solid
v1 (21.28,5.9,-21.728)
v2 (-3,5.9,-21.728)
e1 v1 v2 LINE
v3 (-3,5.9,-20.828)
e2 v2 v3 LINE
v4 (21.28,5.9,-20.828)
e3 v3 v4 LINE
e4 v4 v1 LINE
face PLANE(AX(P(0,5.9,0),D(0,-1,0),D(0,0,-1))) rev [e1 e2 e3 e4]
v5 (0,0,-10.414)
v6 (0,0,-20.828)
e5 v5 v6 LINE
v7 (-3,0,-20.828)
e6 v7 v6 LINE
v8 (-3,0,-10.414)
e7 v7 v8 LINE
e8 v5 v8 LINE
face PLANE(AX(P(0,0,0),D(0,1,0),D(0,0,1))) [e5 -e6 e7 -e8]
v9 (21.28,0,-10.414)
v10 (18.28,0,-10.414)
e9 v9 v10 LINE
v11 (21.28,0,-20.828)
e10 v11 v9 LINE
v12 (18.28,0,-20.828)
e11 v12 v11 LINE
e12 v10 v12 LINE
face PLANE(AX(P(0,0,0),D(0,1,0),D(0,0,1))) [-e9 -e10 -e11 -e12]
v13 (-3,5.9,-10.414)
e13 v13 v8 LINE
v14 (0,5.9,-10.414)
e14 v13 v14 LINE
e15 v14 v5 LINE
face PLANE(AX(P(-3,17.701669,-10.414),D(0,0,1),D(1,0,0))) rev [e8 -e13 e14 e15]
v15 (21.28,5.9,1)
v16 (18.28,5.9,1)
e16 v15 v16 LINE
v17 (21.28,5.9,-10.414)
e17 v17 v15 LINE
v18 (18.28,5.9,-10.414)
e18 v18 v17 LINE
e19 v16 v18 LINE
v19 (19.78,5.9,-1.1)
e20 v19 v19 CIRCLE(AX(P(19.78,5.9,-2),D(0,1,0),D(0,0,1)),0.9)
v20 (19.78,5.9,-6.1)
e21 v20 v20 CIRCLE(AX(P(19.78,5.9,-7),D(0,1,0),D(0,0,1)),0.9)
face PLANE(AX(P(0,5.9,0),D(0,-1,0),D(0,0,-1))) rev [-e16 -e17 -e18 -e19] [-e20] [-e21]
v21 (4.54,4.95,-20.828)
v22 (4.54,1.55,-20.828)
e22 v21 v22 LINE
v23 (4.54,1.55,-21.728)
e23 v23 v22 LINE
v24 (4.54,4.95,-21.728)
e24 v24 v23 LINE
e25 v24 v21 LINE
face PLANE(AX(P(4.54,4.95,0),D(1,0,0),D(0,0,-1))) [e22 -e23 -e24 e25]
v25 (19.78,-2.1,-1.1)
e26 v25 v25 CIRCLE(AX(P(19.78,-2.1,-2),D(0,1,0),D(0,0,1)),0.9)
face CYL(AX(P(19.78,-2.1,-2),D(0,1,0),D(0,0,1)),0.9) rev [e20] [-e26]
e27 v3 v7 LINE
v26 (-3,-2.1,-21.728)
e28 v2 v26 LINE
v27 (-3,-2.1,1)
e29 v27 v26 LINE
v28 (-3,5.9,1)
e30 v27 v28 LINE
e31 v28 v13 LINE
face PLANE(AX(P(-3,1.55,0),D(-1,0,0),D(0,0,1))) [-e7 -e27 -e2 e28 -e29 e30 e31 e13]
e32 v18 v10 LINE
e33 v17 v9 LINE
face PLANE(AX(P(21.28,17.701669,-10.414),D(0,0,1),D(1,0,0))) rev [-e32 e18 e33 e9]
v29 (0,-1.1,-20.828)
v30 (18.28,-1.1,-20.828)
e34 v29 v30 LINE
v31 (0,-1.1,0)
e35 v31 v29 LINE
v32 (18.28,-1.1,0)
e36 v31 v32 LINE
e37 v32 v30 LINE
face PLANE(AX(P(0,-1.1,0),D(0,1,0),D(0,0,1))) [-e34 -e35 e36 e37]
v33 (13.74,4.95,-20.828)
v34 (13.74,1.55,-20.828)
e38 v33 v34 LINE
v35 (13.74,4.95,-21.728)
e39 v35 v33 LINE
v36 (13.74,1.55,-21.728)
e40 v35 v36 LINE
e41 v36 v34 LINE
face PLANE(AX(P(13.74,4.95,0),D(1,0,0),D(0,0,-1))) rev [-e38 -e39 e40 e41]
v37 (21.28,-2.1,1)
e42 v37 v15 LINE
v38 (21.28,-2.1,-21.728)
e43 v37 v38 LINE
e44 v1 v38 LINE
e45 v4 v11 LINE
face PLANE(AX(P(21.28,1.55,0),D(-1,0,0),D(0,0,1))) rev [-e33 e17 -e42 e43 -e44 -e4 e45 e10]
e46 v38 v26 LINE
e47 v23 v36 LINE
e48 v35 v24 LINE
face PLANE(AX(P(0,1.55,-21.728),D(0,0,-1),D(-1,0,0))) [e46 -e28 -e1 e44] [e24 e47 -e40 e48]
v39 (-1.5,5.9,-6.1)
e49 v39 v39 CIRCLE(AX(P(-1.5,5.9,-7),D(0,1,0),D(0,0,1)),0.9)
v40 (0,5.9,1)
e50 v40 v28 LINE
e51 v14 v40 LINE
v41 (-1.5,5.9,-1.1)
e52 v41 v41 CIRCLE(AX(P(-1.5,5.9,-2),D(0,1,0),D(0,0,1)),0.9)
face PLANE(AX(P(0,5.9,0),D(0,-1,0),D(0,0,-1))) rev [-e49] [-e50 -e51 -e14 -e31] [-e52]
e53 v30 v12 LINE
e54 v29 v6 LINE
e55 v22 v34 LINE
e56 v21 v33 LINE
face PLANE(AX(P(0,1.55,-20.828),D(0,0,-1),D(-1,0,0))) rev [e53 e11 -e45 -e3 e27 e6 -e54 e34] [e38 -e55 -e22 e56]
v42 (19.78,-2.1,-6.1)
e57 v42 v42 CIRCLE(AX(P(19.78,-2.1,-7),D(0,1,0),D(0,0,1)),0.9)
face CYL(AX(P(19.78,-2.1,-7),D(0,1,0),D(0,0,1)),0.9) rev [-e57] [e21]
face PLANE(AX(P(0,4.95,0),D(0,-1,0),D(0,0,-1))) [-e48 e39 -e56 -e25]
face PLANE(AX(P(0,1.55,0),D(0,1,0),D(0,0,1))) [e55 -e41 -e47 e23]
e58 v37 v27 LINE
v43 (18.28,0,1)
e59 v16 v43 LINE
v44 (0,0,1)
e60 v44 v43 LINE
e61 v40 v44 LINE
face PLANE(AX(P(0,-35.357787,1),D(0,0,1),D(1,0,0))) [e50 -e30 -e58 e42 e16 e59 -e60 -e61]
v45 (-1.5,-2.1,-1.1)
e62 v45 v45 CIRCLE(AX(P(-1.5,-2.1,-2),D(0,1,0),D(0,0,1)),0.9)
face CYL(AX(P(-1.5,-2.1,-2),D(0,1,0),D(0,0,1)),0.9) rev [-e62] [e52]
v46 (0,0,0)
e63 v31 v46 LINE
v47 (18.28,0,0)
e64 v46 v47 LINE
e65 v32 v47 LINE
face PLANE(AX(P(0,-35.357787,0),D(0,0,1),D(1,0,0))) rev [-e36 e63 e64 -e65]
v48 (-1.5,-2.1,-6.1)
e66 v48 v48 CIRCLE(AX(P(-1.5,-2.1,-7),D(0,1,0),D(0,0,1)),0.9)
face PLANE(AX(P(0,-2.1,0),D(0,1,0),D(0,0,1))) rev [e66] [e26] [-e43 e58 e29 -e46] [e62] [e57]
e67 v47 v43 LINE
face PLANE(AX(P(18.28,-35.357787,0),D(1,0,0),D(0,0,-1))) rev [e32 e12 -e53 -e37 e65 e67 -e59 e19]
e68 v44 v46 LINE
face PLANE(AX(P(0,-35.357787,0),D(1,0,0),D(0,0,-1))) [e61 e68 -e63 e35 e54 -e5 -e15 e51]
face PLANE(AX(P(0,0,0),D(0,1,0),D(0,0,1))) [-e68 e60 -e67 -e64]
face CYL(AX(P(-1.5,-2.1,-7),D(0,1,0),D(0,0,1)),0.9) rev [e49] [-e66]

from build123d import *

# Parameters (mm, degrees)
USB_LIP_DEPTH                       = 1.55
BASE_START                          = -1.1
SKETCH1_3_W                         = 18.28
SKETCH1_3_H                         = 20.828
BASE_W_1_1MM_COMPONENT_OFFSET_DEPTH = 1
SKETCH1_4_W                         = 3
SKETCH1_4_H                         = 20.828
SIDES_DEPTH                         = 2.1
SKETCH2_W                           = 7.54
SKETCH2_H                           = 0.9
USB_SIDES_DEPTH                     = 3.4
SKETCH3_W                           = 24.28
SKETCH3_H                           = 0.9
USB_TOP_DEPTH                       = 0.95
SKETCH4_W                           = 3
SKETCH4_H                           = 11.414
SIDE_GUARDS_DEPTH                   = 5.9
SKETCH5_R                           = 0.9
MOUNT_HOLES_DEPTH                   = 32.447486132


with BuildPart() as part:
    # Sketch1 → USB Lip (new body)
    with BuildSketch(Plane(origin=(0, 0, 0), x_dir=(1, 0, 0), z_dir=(0, 1, 0))):
        Polygon((18.28, 20.828), (21.28, 20.828), (21.28, 21.728), (-3, 21.728), (-3, 20.828), (0, 20.828), align=None)
    extrude(amount=USB_LIP_DEPTH)



with BuildPart() as body_2:
    # Sketch1<3> → Base w/ 1.1mm component offset (new body)
    with BuildSketch(Plane(origin=(0, 0, 0), x_dir=(1, 0, 0), z_dir=(0, 1, 0)).offset(BASE_START)):
        with Locations((9.14, 10.414)):
            Rectangle(SKETCH1_3_W, SKETCH1_3_H)
    extrude(amount=-BASE_W_1_1MM_COMPONENT_OFFSET_DEPTH)


with BuildPart() as part_1:
    add(part.part)

    add(body_2.part)  # Sides merges body 2
    # Sketch1<4> → Sides (add)
    with BuildSketch(Plane(origin=(0, 0, 0), x_dir=(1, 0, 0), z_dir=(0, 1, 0))):
        with Locations((-1.5, 10.414)):
            Rectangle(SKETCH1_4_W, SKETCH1_4_H)
        Polygon((21.28, 0), (21.28, -1), (-3, -1), (-3, 0), (0, 0), (18.28, 0), align=None)
        with Locations((19.78, 10.414)):
            Rectangle(SKETCH1_4_W, SKETCH1_4_H)
        Polygon((18.28, 20.828), (21.28, 20.828), (21.28, 21.728), (-3, 21.728), (-3, 20.828), (0, 20.828), align=None)
    extrude(amount=-SIDES_DEPTH)

    # Sketch2 → USB Sides (add)
    with BuildSketch(Plane(origin=(0, 1.55, 0), x_dir=(1, 0, 0), z_dir=(0, 1, 0))):
        with Locations((0.77, 21.278)):
            Rectangle(SKETCH2_W, SKETCH2_H)
        with Locations((17.51, 21.278)):
            Rectangle(SKETCH2_W, SKETCH2_H)
    extrude(amount=USB_SIDES_DEPTH)

    # Sketch3 → USB Top (add)
    with BuildSketch(Plane(origin=(0, 4.95, 0), x_dir=(1, 0, 0), z_dir=(0, 1, 0))):
        with Locations((9.14, 21.278)):
            Rectangle(SKETCH3_W, SKETCH3_H)
    extrude(amount=USB_TOP_DEPTH)

    # Sketch4 → Side Guards (add)
    with BuildSketch(Plane(origin=(0, 0, 0), x_dir=(1, 0, 0), z_dir=(0, 1, 0))):
        with Locations((-1.5, 4.707)):
            Rectangle(SKETCH4_W, SKETCH4_H)
        with Locations((19.78, 4.707)):
            Rectangle(SKETCH4_W, SKETCH4_H)
    extrude(amount=SIDE_GUARDS_DEPTH)

    # Sketch5 → Mount Holes (cut, through all)
    with BuildSketch(Plane(origin=(0, 5.9, 0), x_dir=(1, 0, 0), z_dir=(0, 1, 0))):
        with Locations(Location((-1.5, 2, 0), (0, 0, 270))):
            Circle(SKETCH5_R)
        with Locations(Location((19.78, 2, 0), (0, 0, 270))):
            Circle(SKETCH5_R)
        with Locations(Location((-1.5, 7, 0), (0, 0, 270))):
            Circle(SKETCH5_R)
        with Locations(Location((19.78, 7, 0), (0, 0, 270))):
            Circle(SKETCH5_R)
    extrude(amount=-MOUNT_HOLES_DEPTH, mode=Mode.SUBTRACT)


solid = part_1.part
